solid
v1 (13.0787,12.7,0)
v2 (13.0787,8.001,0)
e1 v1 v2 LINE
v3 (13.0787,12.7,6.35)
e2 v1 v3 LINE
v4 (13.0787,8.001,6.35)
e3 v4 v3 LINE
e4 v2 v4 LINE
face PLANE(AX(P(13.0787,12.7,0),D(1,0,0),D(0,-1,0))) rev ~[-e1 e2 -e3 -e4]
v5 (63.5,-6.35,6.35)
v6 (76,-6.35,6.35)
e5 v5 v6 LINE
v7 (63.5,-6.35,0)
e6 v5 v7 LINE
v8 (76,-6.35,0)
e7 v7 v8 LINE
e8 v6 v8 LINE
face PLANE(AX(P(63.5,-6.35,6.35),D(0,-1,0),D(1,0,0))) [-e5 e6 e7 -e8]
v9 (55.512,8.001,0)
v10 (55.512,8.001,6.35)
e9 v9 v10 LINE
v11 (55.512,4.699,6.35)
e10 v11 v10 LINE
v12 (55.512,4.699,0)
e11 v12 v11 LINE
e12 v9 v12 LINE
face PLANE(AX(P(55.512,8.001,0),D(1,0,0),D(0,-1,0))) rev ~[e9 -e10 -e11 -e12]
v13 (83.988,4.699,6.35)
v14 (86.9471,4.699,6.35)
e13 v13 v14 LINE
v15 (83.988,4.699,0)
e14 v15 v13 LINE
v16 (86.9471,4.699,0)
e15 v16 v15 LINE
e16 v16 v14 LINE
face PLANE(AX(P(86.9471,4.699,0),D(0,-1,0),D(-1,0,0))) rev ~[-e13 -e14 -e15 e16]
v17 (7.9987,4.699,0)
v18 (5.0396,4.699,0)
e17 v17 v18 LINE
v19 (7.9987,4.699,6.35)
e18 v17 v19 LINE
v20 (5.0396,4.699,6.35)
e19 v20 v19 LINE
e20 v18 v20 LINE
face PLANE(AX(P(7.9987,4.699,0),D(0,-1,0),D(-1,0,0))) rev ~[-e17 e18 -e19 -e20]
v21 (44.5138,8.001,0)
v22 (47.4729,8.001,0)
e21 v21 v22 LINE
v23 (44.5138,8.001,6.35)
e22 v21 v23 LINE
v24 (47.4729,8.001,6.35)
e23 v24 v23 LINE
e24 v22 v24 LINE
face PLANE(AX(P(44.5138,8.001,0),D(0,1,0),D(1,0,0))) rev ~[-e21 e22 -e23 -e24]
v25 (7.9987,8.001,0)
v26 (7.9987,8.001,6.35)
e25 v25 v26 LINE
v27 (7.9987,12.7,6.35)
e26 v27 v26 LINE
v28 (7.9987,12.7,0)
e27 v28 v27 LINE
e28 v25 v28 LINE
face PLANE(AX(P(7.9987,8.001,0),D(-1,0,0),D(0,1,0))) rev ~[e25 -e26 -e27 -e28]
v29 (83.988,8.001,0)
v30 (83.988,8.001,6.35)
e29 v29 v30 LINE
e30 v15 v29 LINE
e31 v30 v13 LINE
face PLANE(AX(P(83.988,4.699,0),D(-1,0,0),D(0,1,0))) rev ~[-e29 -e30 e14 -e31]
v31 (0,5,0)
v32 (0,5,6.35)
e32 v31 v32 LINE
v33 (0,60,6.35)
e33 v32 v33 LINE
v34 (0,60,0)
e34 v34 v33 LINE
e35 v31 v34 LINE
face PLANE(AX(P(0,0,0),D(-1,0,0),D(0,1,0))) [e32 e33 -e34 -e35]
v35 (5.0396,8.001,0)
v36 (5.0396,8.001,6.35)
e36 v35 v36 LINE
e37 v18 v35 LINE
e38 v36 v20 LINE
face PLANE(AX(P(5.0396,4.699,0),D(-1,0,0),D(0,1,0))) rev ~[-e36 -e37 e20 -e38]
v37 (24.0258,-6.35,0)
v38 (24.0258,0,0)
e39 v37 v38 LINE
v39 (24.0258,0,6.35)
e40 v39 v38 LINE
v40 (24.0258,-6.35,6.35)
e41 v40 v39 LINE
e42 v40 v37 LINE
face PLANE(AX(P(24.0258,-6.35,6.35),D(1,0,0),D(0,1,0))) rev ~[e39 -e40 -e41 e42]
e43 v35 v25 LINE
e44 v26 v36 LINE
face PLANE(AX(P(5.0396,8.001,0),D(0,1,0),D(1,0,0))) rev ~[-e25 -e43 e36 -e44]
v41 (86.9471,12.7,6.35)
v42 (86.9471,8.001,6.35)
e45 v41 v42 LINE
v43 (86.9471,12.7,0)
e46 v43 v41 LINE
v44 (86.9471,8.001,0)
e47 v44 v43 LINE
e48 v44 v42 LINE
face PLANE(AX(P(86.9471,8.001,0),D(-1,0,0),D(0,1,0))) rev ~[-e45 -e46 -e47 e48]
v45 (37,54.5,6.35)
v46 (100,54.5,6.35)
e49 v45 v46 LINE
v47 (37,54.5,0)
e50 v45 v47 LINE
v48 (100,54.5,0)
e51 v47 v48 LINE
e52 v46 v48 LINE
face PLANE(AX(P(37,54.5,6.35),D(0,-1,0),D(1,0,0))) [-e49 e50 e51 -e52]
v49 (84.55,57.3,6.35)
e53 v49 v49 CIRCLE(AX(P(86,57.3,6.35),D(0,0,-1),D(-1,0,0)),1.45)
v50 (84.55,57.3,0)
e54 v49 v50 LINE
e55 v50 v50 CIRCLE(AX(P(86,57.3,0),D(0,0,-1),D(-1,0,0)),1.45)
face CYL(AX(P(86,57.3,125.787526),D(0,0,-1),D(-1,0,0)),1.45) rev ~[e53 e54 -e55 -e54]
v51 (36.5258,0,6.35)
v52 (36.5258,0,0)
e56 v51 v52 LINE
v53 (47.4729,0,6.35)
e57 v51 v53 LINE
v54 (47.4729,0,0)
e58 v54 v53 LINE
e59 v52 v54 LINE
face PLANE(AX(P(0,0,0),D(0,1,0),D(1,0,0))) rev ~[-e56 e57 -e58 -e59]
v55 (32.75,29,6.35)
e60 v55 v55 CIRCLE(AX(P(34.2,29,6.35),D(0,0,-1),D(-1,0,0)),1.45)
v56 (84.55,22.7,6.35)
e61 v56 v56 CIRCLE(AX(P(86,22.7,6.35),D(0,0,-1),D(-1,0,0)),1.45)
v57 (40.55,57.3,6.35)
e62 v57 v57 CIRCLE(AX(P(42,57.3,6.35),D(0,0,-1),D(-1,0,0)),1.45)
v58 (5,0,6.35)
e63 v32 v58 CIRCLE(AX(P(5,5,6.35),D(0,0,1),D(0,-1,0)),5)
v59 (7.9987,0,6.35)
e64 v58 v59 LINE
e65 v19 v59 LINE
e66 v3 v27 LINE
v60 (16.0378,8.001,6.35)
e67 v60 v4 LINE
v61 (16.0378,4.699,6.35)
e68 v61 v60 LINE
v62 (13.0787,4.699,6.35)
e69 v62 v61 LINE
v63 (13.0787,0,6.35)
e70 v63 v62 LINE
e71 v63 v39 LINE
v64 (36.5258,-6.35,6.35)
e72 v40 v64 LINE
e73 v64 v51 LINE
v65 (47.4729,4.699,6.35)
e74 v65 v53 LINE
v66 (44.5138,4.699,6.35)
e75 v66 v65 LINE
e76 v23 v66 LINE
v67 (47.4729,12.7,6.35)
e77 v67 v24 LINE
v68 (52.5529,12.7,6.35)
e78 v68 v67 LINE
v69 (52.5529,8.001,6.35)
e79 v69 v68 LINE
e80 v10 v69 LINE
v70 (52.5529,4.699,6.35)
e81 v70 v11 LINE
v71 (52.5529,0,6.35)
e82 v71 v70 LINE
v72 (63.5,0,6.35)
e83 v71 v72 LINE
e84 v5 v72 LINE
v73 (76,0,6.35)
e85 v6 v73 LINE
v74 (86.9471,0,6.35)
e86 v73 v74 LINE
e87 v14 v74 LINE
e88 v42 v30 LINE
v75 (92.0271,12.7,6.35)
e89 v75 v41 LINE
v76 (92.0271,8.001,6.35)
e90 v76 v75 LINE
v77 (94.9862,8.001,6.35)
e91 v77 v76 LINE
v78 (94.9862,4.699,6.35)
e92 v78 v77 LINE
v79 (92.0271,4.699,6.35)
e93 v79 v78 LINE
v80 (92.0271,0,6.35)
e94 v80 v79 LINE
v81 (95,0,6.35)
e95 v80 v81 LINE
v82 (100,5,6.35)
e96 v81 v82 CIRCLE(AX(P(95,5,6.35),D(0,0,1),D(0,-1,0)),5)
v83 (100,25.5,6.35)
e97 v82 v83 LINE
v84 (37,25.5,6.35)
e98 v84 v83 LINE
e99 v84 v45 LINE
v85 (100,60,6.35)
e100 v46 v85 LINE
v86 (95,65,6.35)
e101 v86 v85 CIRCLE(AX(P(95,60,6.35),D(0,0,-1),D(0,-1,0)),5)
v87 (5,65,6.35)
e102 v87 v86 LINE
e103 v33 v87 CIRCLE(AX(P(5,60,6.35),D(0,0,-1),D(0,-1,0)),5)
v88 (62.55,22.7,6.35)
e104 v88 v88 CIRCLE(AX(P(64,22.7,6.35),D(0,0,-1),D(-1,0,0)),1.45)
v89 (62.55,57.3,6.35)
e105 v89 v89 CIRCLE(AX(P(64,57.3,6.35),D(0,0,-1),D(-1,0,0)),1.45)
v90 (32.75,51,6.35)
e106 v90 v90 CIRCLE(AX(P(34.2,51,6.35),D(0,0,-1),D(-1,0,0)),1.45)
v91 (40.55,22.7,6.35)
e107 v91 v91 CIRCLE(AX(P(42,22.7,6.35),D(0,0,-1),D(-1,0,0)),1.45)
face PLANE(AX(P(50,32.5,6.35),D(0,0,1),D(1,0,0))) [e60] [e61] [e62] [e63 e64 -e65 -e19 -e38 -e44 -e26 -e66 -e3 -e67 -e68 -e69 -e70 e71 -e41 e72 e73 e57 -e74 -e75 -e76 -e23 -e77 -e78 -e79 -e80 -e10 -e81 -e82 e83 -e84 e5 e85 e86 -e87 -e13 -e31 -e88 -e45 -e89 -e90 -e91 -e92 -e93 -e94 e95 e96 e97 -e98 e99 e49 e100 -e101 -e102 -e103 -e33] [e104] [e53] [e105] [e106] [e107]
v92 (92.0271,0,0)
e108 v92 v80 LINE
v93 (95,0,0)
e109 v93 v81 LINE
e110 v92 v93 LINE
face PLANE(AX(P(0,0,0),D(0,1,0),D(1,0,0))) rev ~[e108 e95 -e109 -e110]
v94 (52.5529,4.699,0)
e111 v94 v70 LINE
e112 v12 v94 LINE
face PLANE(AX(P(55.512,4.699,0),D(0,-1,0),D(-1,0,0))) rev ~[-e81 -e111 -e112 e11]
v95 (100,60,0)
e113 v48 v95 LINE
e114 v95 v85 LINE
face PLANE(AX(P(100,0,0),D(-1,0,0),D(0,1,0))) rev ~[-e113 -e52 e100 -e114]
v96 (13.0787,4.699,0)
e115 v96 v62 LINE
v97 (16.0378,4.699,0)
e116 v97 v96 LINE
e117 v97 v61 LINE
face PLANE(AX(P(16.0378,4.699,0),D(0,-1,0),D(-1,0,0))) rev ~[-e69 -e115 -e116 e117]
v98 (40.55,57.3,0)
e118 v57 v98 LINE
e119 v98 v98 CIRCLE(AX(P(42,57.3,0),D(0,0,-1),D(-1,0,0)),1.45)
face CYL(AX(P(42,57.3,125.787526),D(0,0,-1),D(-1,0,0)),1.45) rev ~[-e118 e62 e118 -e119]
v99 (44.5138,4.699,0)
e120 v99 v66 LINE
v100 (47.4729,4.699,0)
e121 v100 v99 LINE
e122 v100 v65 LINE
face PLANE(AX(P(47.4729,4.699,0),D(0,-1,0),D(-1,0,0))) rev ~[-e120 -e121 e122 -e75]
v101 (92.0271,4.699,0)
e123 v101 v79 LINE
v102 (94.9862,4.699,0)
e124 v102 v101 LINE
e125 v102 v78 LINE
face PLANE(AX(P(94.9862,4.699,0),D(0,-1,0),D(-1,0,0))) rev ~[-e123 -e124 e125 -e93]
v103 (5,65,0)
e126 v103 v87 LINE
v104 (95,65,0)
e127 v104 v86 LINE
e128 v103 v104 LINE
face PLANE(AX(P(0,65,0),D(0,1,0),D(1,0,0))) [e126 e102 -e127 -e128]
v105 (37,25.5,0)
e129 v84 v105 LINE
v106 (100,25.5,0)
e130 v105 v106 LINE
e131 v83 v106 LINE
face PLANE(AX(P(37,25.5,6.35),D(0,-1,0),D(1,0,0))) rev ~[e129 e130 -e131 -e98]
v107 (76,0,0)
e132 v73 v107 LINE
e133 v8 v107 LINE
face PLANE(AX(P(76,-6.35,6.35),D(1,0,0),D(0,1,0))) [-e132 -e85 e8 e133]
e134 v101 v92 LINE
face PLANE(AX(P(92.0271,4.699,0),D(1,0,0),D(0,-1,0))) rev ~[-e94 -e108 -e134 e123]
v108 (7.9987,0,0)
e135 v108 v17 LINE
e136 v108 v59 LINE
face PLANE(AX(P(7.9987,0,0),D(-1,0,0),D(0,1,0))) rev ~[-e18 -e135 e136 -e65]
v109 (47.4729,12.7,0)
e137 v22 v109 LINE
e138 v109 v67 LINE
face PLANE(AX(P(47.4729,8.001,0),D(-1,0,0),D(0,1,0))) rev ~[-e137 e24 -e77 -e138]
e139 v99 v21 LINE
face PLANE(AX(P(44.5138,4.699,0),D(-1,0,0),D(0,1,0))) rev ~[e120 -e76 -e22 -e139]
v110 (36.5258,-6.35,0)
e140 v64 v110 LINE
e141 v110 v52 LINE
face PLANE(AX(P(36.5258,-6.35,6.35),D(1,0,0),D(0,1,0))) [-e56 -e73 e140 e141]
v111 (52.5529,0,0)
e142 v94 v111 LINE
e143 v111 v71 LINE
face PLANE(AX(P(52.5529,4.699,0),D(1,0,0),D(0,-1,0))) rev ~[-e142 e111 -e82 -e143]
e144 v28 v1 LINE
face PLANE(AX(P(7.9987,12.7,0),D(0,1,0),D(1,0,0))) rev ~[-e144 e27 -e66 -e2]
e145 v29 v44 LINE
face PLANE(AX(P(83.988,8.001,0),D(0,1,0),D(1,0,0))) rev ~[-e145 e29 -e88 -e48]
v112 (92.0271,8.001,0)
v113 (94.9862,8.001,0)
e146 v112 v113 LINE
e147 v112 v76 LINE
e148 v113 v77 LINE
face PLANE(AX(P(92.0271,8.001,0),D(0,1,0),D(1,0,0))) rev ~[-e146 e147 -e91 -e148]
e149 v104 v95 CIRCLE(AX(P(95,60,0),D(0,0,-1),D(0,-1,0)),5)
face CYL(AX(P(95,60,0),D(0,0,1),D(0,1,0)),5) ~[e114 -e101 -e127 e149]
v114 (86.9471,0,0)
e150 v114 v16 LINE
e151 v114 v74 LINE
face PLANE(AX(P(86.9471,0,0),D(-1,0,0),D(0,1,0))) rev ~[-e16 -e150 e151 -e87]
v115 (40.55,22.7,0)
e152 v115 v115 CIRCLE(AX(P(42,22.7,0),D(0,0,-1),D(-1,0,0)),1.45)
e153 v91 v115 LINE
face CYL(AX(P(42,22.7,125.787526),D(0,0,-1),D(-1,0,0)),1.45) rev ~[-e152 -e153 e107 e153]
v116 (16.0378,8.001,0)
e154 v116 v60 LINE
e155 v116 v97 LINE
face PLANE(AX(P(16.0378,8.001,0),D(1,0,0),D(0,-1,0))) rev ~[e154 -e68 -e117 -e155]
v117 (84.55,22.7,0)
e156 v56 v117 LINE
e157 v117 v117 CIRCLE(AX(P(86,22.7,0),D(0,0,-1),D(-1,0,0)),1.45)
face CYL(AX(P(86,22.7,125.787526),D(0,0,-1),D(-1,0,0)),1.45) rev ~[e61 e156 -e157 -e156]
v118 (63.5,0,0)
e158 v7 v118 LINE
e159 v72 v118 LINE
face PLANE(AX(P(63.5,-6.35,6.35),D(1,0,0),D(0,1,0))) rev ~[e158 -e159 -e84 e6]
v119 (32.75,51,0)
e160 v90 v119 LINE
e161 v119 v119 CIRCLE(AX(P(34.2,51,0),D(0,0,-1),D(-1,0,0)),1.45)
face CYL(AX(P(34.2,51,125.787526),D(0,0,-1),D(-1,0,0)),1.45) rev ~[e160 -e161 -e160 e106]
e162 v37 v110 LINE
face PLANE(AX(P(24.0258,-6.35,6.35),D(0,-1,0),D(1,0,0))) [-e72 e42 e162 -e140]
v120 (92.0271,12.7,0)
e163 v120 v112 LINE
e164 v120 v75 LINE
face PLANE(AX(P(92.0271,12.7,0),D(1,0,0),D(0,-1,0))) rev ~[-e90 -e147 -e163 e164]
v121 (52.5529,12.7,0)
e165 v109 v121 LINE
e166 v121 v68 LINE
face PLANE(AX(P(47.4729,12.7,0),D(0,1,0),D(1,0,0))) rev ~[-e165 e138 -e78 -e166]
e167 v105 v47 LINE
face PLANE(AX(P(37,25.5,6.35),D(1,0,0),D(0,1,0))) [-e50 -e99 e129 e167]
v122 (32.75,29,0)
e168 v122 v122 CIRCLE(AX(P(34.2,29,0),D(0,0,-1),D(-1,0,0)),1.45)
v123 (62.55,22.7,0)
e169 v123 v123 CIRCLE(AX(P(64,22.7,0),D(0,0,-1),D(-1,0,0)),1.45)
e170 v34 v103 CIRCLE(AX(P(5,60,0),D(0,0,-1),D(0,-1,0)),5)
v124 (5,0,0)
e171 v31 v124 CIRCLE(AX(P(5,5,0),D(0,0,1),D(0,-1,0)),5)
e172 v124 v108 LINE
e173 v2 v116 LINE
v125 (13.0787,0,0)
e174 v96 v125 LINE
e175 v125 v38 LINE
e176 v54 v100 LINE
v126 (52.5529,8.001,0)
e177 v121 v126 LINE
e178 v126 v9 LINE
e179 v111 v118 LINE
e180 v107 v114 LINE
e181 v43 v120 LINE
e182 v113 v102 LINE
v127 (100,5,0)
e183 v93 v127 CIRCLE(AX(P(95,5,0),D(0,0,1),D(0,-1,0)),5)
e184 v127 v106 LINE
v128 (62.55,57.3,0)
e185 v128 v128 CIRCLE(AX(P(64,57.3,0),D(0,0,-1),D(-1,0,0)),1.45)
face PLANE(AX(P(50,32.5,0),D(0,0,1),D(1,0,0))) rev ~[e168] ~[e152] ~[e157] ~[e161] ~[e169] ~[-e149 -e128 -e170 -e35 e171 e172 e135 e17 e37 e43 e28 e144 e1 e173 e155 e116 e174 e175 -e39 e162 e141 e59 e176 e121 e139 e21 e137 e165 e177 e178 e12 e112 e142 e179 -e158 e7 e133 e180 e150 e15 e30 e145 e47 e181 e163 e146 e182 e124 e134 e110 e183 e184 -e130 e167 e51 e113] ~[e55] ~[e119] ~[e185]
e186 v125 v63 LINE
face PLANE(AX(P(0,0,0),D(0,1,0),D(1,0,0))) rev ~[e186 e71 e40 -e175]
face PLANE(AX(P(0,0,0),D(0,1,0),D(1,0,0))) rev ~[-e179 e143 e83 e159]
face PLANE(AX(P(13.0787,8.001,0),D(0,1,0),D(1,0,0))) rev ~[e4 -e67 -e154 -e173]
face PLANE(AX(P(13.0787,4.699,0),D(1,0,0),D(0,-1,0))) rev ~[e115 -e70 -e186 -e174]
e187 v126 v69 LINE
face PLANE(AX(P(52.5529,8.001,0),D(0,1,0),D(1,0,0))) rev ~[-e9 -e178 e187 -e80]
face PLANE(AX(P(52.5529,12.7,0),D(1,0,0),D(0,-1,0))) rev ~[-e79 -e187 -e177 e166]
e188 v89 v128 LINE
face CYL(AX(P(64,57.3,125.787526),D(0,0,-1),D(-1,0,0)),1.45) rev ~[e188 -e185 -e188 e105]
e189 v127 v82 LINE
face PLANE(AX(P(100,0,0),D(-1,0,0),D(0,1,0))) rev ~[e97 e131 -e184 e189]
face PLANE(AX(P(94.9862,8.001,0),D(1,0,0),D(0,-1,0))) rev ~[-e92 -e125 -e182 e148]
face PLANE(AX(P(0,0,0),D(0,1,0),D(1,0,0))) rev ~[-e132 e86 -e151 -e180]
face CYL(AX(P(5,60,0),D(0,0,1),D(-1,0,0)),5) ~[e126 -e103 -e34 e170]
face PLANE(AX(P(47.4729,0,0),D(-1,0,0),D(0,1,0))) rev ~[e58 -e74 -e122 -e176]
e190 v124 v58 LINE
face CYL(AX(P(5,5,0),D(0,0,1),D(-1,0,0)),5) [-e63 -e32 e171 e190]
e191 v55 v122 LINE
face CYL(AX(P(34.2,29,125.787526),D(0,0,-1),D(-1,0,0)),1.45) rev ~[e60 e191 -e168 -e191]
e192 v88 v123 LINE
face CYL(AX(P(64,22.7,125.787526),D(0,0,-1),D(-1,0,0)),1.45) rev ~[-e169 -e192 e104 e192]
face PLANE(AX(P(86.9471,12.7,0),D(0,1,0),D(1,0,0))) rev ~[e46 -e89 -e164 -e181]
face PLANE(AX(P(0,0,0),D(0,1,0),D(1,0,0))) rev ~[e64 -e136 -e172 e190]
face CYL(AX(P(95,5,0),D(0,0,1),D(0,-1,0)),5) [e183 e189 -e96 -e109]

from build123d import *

# Parameters (mm, degrees)
SKETCH1_W              = 100
SKETCH1_H              = 65
BOSS_EXTRUDE1_DEPTH    = 6.35
M2_5_CLEARANCE_HOLE1_D = 2.9
SKETCH4_W              = 63
SKETCH4_H              = 29
CUT_EXTRUDE1_DEPTH     = 120.43752551
FILLET2_R              = 5
SKETCH5_W              = 12.5
SKETCH5_H              = 6.35
BOSS_EXTRUDE2_DEPTH    = 6.35
CUT_EXTRUDE2_DEPTH     = 120.43752551


with BuildPart() as part:
    # Sketch1 → Boss-Extrude1 (new body)
    with BuildSketch(Plane.XY):
        with Locations((50, 32.5)):
            Rectangle(SKETCH1_W, SKETCH1_H)
    extrude(amount=BOSS_EXTRUDE1_DEPTH)

    # M2.5 Clearance Hole1 (through all)
    with Locations(Plane.XY.offset(6.35)):
        with Locations((86, 57.3), (64, 57.3), (42, 57.3), (34.2, 51), (86, 22.7), (64, 22.7), (42, 22.7), (34.2, 29)):
            Hole(M2_5_CLEARANCE_HOLE1_D / 2)

    # Sketch4 → Cut-Extrude1 (cut, through all)
    with BuildSketch(Plane.XY.offset(6.35)):
        with Locations((68.5, 40)):
            Rectangle(SKETCH4_W, SKETCH4_H)
    extrude(amount=-CUT_EXTRUDE1_DEPTH, mode=Mode.SUBTRACT)

    # Fillet2
    fillet2_edges = [part.edges().sort_by_distance(p)[0] for p in [
        (0, 65, 3.175),
        (100, 65, 3.175),
        (100, 0, 3.175),
        (0, 0, 3.175),
    ]]
    fillet(fillet2_edges, radius=FILLET2_R)

    # Sketch5 → Boss-Extrude2 (add)
    with BuildSketch(Plane.XY.offset(6.35)):
        with Locations((69.75, -3.175)):
            Rectangle(SKETCH5_W, SKETCH5_H)
        with Locations((30.2758, -3.175)):
            Rectangle(SKETCH5_W, SKETCH5_H)
    extrude(amount=-BOSS_EXTRUDE2_DEPTH)

    # Sketch7 → Cut-Extrude2 (cut, through all)
    with BuildSketch(Plane(origin=(0, 0, 0), x_dir=(-1, 0, 0), z_dir=(0, 0, -1))):
        Polygon((-92.0271, 4.699), (-92.0271, 0), (-86.9471, 0), (-86.9471, 4.699), (-83.988, 4.699), (-83.988, 8.001), (-86.9471, 8.001), (-86.9471, 12.7), (-92.0271, 12.7), (-92.0271, 8.001), (-94.9862, 8.001), (-94.9862, 4.699), align=None)
        Polygon((-52.5529, 4.699), (-52.5529, 0), (-47.4729, 0), (-47.4729, 4.699), (-44.5138, 4.699), (-44.5138, 8.001), (-47.4729, 8.001), (-47.4729, 12.7), (-52.5529, 12.7), (-52.5529, 8.001), (-55.512, 8.001), (-55.512, 4.699), align=None)
        Polygon((-13.0787, 4.699), (-13.0787, 0), (-7.9987, 0), (-7.9987, 4.699), (-5.0396, 4.699), (-5.0396, 8.001), (-7.9987, 8.001), (-7.9987, 12.7), (-13.0787, 12.7), (-13.0787, 8.001), (-16.0378, 8.001), (-16.0378, 4.699), align=None)
    extrude(amount=-CUT_EXTRUDE2_DEPTH, mode=Mode.SUBTRACT)


solid = part.part
